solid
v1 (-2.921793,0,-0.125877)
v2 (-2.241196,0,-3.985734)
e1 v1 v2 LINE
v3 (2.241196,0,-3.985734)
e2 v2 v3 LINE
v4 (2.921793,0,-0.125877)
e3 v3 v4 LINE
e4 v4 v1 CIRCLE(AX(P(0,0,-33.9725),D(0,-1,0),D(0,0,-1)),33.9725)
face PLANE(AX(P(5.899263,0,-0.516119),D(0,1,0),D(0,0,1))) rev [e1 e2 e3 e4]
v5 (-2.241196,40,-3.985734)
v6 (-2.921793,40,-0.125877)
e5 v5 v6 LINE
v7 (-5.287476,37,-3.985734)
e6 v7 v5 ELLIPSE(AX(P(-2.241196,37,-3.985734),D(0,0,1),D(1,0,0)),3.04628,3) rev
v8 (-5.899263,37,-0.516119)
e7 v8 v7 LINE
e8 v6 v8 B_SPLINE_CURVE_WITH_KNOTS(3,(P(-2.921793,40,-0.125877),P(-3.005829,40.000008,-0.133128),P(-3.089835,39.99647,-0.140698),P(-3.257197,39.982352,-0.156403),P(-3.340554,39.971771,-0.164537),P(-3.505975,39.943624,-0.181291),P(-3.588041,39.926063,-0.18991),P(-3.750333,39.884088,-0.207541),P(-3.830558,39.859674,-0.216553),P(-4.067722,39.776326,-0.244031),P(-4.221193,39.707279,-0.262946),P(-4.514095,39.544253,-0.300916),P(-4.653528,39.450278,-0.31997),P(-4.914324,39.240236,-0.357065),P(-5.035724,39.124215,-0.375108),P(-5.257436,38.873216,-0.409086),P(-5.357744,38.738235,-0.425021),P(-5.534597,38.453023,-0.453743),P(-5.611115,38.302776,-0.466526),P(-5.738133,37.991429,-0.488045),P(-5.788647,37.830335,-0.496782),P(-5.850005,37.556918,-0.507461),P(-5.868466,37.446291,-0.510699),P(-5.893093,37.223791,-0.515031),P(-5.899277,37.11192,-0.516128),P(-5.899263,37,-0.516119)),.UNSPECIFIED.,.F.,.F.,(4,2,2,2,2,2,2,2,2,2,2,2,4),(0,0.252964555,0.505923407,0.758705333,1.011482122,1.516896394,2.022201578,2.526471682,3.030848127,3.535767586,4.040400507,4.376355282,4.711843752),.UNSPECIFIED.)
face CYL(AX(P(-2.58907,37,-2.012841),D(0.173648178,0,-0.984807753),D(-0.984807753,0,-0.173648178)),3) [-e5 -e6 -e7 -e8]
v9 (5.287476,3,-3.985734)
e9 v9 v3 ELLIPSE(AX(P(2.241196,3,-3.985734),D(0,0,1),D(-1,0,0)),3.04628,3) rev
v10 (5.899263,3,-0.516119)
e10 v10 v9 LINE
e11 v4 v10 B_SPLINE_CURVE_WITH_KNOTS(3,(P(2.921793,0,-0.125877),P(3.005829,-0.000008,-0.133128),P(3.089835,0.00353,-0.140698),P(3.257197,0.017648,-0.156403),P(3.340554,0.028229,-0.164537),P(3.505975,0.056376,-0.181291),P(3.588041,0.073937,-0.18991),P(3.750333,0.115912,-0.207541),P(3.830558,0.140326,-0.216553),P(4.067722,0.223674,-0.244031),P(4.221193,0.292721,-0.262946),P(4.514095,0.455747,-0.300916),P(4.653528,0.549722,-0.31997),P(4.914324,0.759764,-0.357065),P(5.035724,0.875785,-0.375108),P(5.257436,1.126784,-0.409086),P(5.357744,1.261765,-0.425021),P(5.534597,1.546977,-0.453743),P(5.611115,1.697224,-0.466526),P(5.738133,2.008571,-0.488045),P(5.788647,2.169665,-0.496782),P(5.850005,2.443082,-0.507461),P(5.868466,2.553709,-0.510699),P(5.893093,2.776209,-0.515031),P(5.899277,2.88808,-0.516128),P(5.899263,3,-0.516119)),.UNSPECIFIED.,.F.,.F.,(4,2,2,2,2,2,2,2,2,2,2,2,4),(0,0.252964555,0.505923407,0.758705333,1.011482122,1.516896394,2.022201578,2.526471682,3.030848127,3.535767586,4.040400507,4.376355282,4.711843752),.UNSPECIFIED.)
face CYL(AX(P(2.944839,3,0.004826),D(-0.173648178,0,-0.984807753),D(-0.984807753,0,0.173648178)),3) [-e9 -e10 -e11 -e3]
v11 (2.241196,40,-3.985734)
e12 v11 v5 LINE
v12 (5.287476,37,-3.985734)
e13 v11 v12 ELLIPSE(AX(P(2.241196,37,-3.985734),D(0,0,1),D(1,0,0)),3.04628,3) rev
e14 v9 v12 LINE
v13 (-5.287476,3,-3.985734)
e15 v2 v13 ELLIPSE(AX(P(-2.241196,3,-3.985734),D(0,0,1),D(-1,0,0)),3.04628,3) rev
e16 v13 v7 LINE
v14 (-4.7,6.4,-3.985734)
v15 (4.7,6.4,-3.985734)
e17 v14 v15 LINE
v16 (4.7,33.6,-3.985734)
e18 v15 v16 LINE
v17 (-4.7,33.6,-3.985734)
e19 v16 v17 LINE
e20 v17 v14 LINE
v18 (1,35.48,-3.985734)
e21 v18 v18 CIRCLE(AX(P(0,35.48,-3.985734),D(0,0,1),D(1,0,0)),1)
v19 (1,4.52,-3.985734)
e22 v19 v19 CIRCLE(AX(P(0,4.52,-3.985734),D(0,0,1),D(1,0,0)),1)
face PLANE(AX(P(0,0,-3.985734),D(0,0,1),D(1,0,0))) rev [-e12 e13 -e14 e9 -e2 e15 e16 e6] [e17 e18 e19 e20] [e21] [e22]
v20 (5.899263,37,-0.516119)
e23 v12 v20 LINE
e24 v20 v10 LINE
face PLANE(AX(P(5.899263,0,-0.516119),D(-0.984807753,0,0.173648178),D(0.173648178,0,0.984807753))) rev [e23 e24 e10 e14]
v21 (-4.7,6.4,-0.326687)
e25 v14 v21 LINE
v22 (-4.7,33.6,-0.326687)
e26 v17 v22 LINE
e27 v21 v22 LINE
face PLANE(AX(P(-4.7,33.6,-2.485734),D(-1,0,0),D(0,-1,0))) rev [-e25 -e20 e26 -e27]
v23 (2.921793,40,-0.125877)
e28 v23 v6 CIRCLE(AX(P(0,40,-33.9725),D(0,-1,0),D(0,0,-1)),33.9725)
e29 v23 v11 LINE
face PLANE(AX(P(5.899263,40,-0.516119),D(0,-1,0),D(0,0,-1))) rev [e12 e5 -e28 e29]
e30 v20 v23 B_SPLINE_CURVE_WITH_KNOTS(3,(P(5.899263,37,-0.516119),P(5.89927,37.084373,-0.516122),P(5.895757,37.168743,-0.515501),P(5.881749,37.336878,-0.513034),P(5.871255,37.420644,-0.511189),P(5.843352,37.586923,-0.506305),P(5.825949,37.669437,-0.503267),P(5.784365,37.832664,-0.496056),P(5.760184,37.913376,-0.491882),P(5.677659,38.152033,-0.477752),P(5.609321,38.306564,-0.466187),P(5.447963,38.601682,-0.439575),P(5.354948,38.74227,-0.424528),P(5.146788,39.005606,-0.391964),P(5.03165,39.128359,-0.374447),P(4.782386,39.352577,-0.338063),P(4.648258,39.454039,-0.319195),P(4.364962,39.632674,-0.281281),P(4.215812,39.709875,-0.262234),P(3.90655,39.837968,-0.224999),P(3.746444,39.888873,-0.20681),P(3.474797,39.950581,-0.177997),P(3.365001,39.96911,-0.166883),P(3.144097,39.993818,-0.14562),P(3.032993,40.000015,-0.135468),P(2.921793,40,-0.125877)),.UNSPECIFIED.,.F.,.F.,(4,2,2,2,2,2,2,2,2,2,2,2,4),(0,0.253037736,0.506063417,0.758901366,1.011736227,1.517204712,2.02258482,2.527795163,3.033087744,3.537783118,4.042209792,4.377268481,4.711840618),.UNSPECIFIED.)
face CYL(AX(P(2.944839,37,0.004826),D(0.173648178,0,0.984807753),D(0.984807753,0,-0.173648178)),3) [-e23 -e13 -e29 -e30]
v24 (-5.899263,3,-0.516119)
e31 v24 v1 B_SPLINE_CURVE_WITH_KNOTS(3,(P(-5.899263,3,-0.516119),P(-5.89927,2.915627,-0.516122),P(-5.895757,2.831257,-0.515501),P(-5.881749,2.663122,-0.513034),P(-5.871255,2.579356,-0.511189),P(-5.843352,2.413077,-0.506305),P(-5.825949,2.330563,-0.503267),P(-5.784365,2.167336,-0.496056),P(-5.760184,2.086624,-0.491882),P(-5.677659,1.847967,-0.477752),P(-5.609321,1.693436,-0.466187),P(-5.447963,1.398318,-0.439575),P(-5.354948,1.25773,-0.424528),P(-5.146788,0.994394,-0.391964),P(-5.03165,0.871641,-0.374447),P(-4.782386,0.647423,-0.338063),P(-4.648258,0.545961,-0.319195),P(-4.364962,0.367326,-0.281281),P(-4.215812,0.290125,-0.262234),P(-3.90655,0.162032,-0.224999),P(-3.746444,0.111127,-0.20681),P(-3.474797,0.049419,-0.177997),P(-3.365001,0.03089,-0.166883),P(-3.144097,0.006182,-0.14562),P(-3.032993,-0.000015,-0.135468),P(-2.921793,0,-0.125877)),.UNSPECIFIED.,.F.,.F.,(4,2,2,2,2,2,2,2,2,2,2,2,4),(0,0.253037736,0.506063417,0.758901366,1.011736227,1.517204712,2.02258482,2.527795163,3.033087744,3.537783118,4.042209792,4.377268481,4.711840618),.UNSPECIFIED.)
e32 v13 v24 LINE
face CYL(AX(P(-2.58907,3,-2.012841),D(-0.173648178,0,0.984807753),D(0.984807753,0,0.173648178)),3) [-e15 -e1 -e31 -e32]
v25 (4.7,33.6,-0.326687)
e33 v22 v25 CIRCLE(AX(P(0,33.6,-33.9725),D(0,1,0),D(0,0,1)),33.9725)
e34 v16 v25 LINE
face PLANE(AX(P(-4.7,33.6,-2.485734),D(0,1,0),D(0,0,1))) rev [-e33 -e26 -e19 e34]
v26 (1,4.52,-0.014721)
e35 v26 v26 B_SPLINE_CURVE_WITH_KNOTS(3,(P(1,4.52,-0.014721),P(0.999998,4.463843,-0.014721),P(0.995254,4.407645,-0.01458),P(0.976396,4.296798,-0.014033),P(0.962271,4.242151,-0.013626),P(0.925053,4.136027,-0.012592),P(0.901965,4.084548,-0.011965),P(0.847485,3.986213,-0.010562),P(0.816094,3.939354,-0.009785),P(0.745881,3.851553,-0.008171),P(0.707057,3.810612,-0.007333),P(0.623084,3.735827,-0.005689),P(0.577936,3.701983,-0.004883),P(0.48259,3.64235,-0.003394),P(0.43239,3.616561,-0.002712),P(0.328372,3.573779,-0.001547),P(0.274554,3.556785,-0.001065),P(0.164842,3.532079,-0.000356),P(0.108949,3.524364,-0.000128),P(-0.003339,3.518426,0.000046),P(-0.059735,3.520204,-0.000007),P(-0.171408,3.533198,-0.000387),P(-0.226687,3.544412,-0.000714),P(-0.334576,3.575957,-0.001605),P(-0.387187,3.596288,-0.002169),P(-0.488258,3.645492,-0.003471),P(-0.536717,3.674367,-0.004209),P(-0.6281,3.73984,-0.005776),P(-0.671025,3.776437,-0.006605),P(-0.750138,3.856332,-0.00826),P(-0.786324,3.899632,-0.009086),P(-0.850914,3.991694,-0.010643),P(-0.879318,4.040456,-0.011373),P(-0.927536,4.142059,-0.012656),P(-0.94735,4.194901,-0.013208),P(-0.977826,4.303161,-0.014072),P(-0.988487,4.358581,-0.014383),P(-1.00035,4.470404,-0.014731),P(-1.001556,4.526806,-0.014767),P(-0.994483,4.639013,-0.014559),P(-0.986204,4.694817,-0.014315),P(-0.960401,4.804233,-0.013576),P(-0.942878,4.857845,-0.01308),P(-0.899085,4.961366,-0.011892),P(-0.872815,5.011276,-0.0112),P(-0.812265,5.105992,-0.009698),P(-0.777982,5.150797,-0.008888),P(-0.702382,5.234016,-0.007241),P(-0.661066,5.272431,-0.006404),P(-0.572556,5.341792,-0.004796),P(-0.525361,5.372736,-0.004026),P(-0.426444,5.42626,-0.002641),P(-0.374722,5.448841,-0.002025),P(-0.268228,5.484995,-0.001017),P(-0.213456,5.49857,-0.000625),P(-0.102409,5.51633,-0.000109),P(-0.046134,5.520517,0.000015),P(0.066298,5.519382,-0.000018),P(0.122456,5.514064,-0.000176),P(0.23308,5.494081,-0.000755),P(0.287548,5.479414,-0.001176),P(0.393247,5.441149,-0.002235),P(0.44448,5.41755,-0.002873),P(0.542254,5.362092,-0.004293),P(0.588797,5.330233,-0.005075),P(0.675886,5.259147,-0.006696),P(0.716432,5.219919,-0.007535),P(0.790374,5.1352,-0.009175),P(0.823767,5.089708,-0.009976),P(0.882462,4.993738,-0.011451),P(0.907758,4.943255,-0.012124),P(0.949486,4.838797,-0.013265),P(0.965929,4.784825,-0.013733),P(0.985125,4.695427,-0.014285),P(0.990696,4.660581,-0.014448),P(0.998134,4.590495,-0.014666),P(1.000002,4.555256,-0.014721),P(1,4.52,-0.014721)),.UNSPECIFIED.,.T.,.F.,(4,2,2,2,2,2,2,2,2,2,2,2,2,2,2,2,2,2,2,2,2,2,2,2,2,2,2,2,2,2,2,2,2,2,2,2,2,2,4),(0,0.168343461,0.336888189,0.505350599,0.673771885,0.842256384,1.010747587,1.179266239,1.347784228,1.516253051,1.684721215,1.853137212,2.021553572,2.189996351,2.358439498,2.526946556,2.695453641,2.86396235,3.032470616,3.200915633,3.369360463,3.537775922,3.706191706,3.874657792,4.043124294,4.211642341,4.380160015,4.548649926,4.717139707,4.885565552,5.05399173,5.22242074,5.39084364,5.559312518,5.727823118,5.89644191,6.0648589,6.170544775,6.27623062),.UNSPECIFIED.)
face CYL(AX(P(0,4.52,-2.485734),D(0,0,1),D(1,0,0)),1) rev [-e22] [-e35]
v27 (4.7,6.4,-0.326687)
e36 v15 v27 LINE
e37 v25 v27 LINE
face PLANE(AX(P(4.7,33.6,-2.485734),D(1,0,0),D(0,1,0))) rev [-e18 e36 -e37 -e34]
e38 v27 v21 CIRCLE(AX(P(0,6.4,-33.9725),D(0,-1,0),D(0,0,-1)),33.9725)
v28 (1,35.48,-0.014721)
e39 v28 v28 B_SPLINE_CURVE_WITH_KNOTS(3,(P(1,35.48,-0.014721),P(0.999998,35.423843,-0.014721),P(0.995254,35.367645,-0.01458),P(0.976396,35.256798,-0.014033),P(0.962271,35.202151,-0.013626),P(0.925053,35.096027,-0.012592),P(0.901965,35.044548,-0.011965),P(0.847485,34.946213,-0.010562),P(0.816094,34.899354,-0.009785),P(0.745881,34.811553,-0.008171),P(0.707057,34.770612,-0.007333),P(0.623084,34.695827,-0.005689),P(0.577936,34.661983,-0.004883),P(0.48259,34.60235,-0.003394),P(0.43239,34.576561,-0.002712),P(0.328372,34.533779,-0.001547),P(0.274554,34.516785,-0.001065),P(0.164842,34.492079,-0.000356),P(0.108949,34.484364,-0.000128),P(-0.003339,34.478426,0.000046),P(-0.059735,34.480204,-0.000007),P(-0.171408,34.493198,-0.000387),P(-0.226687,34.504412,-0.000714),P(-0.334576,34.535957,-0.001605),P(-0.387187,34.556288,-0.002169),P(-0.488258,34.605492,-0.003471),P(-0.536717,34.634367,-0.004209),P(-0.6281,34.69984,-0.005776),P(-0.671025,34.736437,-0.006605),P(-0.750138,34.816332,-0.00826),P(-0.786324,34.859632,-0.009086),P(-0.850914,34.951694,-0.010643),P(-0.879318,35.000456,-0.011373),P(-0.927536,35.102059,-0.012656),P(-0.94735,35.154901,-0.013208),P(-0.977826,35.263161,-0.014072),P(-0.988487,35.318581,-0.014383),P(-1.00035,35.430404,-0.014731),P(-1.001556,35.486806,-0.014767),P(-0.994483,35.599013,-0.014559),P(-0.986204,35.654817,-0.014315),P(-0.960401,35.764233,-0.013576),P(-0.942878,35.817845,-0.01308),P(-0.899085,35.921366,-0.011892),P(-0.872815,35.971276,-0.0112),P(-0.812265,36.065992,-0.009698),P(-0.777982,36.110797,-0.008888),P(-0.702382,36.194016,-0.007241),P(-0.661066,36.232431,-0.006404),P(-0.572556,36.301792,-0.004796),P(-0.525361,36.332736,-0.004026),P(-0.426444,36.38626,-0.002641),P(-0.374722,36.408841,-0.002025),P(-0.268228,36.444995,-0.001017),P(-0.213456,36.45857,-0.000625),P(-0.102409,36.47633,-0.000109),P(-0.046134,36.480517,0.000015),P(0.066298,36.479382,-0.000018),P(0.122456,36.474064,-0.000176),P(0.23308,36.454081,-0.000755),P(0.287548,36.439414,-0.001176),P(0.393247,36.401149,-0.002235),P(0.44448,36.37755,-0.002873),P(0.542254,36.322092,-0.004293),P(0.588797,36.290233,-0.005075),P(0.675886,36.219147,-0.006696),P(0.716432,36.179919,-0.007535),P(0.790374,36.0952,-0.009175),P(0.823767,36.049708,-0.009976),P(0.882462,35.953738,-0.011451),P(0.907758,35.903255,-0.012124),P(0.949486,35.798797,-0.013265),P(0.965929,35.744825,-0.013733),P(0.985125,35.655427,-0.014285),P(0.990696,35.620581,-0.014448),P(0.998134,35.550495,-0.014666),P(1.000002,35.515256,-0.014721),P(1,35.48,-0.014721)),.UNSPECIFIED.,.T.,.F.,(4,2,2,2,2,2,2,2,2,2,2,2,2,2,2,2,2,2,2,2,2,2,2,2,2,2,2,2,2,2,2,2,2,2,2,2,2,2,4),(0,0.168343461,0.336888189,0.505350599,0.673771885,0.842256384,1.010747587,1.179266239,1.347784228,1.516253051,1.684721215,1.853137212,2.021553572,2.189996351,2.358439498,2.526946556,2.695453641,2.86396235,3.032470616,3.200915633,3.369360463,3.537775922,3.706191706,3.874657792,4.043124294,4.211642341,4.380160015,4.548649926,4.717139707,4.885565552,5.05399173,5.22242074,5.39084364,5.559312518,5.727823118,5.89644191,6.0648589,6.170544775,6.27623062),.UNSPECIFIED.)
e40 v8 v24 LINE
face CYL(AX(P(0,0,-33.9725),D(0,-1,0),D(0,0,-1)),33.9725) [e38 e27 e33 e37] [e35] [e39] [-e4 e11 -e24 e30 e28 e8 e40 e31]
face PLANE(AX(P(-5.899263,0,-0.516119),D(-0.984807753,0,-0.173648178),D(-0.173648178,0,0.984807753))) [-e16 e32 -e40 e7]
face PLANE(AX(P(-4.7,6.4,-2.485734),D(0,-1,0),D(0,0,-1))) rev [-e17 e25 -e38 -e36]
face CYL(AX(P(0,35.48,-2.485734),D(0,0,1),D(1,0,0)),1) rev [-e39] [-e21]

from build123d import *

# Parameters (mm, degrees)
SKETCH1_W                         = 2
SKETCH1_H                         = 40
BULK_EXTRUDE_ANGLE                = 20
CONNECTOR_PASSTHRU_DEPTH          = 41.509013499
CONNECTOR_PASSTHRU_DEPTH_BACK     = 41.509013499
SKETCH2_R                         = 1
SKETCH2_W                         = 9.4
SKETCH2_H                         = 27.2
REAR_FLATTENING_REACH             = 42.509
SKETCH3_W                         = 11.10393272
SKETCH3_H                         = 40
SKETCH3_R                         = 1
SKETCH3_W_2                       = 9.4
SKETCH3_H_2                       = 27.2
REAR_FLATTENING_DIRECTION_2_DEPTH = 1.5
SKETCH4_W                         = 5.405389312
SKETCH4_H                         = 40
CUT_EXTRUDE2_DEPTH                = 42.783584431
SKETCH5_W                         = 5.359461023
SKETCH5_H                         = 40
CUT_EXTRUDE3_DEPTH                = 42.783584431
FILLET1_R                         = 3


with BuildPart() as part:
    # Sketch1 → BULK EXTRUDE (revolve, symmetric)
    with BuildSketch(Plane(origin=(0, 0, 0), x_dir=(0, 0, -1), z_dir=(1, 0, 0))) as bulk_extrude_sk:
        with Locations((1, 20)):
            Rectangle(SKETCH1_W, SKETCH1_H)
    revolve(axis=Axis((0, 0, -33.9725), (0, 1, 0)), revolution_arc=BULK_EXTRUDE_ANGLE / 2)
    revolve(bulk_extrude_sk.sketch, axis=Axis((0, 0, -33.9725), (0, -1, 0)), revolution_arc=BULK_EXTRUDE_ANGLE / 2)

    # Sketch2 → CONNECTOR PASSTHRU (cut, two sides: drawn at the far end of the back side and taken through both)
    with BuildSketch(Plane.XY.offset(-CONNECTOR_PASSTHRU_DEPTH_BACK)):
        with Locations((0, 4.52)):
            Circle(SKETCH2_R)
        with Locations((0, 35.48)):
            Circle(SKETCH2_R)
        with Locations((0, 20)):
            Rectangle(SKETCH2_W, SKETCH2_H)
    extrude(amount=CONNECTOR_PASSTHRU_DEPTH + CONNECTOR_PASSTHRU_DEPTH_BACK, mode=Mode.SUBTRACT)

    # Sketch3 → REAR FLATTENING (add, up to next)
    with BuildSketch(Plane.XY.offset(-2.485734117), mode=Mode.PRIVATE) as rear_flattening_sk1:
        with Locations((0, 20)):
            Rectangle(SKETCH3_W, SKETCH3_H)
        with Locations((0, 4.52)):
            Circle(SKETCH3_R, mode=Mode.SUBTRACT)
        with Locations((0, 35.48)):
            Circle(SKETCH3_R, mode=Mode.SUBTRACT)
        with Locations((0, 20)):
            Rectangle(SKETCH3_W_2, SKETCH3_H_2, mode=Mode.SUBTRACT)
    rear_flattening_tool1 = extrude(rear_flattening_sk1.sketch, amount=REAR_FLATTENING_REACH, mode=Mode.PRIVATE) - part.part
    add(rear_flattening_tool1.solids().sort_by_distance((0, 0.415126, -2.485734))[0])

    # Sketch3 → REAR FLATTENING direction 2 (add)
    with BuildSketch(Plane.XY.offset(-2.485734117)):
        with Locations((0, 20)):
            Rectangle(SKETCH3_W, SKETCH3_H)
        with Locations((0, 4.52)):
            Circle(SKETCH3_R, mode=Mode.SUBTRACT)
        with Locations((0, 35.48)):
            Circle(SKETCH3_R, mode=Mode.SUBTRACT)
        with Locations((0, 20)):
            Rectangle(SKETCH3_W_2, SKETCH3_H_2, mode=Mode.SUBTRACT)
    extrude(amount=-REAR_FLATTENING_DIRECTION_2_DEPTH)

    # Sketch4 → Cut-Extrude2 (cut, through all)
    with BuildSketch(Plane(origin=(5.80963966, 0, -1.02439622), x_dir=(-0.17364817766693075, 0, -0.9848077530122081), z_dir=(0.9848077530122081, 0, -0.17364817766693075))):
        with Locations((2.186576045, 20)):
            Rectangle(SKETCH4_W, SKETCH4_H)
    extrude(amount=CUT_EXTRUDE2_DEPTH, mode=Mode.SUBTRACT)

    # Sketch5 → Cut-Extrude3 (cut, through all)
    with BuildSketch(Plane(origin=(-5.80963966, 0, -1.02439622), x_dir=(-0.17364817766693072, 0, 0.9848077530122081), z_dir=(-0.9848077530122081, 0, -0.17364817766693072))):
        with Locations((-2.163611901, 20)):
            Rectangle(SKETCH5_W, SKETCH5_H)
    extrude(amount=CUT_EXTRUDE3_DEPTH, mode=Mode.SUBTRACT)

    # Fillet1
    fillet1_edges = [part.edges().sort_by_distance(p)[0] for p in [
        (5.593369303, 40, -2.250926364),
        (-5.593369303, 0, -2.250926364),
        (-5.593369303, 40, -2.250926364),
        (5.593369303, 0, -2.250926364),
    ]]
    fillet(fillet1_edges, radius=FILLET1_R)


solid = part.part
